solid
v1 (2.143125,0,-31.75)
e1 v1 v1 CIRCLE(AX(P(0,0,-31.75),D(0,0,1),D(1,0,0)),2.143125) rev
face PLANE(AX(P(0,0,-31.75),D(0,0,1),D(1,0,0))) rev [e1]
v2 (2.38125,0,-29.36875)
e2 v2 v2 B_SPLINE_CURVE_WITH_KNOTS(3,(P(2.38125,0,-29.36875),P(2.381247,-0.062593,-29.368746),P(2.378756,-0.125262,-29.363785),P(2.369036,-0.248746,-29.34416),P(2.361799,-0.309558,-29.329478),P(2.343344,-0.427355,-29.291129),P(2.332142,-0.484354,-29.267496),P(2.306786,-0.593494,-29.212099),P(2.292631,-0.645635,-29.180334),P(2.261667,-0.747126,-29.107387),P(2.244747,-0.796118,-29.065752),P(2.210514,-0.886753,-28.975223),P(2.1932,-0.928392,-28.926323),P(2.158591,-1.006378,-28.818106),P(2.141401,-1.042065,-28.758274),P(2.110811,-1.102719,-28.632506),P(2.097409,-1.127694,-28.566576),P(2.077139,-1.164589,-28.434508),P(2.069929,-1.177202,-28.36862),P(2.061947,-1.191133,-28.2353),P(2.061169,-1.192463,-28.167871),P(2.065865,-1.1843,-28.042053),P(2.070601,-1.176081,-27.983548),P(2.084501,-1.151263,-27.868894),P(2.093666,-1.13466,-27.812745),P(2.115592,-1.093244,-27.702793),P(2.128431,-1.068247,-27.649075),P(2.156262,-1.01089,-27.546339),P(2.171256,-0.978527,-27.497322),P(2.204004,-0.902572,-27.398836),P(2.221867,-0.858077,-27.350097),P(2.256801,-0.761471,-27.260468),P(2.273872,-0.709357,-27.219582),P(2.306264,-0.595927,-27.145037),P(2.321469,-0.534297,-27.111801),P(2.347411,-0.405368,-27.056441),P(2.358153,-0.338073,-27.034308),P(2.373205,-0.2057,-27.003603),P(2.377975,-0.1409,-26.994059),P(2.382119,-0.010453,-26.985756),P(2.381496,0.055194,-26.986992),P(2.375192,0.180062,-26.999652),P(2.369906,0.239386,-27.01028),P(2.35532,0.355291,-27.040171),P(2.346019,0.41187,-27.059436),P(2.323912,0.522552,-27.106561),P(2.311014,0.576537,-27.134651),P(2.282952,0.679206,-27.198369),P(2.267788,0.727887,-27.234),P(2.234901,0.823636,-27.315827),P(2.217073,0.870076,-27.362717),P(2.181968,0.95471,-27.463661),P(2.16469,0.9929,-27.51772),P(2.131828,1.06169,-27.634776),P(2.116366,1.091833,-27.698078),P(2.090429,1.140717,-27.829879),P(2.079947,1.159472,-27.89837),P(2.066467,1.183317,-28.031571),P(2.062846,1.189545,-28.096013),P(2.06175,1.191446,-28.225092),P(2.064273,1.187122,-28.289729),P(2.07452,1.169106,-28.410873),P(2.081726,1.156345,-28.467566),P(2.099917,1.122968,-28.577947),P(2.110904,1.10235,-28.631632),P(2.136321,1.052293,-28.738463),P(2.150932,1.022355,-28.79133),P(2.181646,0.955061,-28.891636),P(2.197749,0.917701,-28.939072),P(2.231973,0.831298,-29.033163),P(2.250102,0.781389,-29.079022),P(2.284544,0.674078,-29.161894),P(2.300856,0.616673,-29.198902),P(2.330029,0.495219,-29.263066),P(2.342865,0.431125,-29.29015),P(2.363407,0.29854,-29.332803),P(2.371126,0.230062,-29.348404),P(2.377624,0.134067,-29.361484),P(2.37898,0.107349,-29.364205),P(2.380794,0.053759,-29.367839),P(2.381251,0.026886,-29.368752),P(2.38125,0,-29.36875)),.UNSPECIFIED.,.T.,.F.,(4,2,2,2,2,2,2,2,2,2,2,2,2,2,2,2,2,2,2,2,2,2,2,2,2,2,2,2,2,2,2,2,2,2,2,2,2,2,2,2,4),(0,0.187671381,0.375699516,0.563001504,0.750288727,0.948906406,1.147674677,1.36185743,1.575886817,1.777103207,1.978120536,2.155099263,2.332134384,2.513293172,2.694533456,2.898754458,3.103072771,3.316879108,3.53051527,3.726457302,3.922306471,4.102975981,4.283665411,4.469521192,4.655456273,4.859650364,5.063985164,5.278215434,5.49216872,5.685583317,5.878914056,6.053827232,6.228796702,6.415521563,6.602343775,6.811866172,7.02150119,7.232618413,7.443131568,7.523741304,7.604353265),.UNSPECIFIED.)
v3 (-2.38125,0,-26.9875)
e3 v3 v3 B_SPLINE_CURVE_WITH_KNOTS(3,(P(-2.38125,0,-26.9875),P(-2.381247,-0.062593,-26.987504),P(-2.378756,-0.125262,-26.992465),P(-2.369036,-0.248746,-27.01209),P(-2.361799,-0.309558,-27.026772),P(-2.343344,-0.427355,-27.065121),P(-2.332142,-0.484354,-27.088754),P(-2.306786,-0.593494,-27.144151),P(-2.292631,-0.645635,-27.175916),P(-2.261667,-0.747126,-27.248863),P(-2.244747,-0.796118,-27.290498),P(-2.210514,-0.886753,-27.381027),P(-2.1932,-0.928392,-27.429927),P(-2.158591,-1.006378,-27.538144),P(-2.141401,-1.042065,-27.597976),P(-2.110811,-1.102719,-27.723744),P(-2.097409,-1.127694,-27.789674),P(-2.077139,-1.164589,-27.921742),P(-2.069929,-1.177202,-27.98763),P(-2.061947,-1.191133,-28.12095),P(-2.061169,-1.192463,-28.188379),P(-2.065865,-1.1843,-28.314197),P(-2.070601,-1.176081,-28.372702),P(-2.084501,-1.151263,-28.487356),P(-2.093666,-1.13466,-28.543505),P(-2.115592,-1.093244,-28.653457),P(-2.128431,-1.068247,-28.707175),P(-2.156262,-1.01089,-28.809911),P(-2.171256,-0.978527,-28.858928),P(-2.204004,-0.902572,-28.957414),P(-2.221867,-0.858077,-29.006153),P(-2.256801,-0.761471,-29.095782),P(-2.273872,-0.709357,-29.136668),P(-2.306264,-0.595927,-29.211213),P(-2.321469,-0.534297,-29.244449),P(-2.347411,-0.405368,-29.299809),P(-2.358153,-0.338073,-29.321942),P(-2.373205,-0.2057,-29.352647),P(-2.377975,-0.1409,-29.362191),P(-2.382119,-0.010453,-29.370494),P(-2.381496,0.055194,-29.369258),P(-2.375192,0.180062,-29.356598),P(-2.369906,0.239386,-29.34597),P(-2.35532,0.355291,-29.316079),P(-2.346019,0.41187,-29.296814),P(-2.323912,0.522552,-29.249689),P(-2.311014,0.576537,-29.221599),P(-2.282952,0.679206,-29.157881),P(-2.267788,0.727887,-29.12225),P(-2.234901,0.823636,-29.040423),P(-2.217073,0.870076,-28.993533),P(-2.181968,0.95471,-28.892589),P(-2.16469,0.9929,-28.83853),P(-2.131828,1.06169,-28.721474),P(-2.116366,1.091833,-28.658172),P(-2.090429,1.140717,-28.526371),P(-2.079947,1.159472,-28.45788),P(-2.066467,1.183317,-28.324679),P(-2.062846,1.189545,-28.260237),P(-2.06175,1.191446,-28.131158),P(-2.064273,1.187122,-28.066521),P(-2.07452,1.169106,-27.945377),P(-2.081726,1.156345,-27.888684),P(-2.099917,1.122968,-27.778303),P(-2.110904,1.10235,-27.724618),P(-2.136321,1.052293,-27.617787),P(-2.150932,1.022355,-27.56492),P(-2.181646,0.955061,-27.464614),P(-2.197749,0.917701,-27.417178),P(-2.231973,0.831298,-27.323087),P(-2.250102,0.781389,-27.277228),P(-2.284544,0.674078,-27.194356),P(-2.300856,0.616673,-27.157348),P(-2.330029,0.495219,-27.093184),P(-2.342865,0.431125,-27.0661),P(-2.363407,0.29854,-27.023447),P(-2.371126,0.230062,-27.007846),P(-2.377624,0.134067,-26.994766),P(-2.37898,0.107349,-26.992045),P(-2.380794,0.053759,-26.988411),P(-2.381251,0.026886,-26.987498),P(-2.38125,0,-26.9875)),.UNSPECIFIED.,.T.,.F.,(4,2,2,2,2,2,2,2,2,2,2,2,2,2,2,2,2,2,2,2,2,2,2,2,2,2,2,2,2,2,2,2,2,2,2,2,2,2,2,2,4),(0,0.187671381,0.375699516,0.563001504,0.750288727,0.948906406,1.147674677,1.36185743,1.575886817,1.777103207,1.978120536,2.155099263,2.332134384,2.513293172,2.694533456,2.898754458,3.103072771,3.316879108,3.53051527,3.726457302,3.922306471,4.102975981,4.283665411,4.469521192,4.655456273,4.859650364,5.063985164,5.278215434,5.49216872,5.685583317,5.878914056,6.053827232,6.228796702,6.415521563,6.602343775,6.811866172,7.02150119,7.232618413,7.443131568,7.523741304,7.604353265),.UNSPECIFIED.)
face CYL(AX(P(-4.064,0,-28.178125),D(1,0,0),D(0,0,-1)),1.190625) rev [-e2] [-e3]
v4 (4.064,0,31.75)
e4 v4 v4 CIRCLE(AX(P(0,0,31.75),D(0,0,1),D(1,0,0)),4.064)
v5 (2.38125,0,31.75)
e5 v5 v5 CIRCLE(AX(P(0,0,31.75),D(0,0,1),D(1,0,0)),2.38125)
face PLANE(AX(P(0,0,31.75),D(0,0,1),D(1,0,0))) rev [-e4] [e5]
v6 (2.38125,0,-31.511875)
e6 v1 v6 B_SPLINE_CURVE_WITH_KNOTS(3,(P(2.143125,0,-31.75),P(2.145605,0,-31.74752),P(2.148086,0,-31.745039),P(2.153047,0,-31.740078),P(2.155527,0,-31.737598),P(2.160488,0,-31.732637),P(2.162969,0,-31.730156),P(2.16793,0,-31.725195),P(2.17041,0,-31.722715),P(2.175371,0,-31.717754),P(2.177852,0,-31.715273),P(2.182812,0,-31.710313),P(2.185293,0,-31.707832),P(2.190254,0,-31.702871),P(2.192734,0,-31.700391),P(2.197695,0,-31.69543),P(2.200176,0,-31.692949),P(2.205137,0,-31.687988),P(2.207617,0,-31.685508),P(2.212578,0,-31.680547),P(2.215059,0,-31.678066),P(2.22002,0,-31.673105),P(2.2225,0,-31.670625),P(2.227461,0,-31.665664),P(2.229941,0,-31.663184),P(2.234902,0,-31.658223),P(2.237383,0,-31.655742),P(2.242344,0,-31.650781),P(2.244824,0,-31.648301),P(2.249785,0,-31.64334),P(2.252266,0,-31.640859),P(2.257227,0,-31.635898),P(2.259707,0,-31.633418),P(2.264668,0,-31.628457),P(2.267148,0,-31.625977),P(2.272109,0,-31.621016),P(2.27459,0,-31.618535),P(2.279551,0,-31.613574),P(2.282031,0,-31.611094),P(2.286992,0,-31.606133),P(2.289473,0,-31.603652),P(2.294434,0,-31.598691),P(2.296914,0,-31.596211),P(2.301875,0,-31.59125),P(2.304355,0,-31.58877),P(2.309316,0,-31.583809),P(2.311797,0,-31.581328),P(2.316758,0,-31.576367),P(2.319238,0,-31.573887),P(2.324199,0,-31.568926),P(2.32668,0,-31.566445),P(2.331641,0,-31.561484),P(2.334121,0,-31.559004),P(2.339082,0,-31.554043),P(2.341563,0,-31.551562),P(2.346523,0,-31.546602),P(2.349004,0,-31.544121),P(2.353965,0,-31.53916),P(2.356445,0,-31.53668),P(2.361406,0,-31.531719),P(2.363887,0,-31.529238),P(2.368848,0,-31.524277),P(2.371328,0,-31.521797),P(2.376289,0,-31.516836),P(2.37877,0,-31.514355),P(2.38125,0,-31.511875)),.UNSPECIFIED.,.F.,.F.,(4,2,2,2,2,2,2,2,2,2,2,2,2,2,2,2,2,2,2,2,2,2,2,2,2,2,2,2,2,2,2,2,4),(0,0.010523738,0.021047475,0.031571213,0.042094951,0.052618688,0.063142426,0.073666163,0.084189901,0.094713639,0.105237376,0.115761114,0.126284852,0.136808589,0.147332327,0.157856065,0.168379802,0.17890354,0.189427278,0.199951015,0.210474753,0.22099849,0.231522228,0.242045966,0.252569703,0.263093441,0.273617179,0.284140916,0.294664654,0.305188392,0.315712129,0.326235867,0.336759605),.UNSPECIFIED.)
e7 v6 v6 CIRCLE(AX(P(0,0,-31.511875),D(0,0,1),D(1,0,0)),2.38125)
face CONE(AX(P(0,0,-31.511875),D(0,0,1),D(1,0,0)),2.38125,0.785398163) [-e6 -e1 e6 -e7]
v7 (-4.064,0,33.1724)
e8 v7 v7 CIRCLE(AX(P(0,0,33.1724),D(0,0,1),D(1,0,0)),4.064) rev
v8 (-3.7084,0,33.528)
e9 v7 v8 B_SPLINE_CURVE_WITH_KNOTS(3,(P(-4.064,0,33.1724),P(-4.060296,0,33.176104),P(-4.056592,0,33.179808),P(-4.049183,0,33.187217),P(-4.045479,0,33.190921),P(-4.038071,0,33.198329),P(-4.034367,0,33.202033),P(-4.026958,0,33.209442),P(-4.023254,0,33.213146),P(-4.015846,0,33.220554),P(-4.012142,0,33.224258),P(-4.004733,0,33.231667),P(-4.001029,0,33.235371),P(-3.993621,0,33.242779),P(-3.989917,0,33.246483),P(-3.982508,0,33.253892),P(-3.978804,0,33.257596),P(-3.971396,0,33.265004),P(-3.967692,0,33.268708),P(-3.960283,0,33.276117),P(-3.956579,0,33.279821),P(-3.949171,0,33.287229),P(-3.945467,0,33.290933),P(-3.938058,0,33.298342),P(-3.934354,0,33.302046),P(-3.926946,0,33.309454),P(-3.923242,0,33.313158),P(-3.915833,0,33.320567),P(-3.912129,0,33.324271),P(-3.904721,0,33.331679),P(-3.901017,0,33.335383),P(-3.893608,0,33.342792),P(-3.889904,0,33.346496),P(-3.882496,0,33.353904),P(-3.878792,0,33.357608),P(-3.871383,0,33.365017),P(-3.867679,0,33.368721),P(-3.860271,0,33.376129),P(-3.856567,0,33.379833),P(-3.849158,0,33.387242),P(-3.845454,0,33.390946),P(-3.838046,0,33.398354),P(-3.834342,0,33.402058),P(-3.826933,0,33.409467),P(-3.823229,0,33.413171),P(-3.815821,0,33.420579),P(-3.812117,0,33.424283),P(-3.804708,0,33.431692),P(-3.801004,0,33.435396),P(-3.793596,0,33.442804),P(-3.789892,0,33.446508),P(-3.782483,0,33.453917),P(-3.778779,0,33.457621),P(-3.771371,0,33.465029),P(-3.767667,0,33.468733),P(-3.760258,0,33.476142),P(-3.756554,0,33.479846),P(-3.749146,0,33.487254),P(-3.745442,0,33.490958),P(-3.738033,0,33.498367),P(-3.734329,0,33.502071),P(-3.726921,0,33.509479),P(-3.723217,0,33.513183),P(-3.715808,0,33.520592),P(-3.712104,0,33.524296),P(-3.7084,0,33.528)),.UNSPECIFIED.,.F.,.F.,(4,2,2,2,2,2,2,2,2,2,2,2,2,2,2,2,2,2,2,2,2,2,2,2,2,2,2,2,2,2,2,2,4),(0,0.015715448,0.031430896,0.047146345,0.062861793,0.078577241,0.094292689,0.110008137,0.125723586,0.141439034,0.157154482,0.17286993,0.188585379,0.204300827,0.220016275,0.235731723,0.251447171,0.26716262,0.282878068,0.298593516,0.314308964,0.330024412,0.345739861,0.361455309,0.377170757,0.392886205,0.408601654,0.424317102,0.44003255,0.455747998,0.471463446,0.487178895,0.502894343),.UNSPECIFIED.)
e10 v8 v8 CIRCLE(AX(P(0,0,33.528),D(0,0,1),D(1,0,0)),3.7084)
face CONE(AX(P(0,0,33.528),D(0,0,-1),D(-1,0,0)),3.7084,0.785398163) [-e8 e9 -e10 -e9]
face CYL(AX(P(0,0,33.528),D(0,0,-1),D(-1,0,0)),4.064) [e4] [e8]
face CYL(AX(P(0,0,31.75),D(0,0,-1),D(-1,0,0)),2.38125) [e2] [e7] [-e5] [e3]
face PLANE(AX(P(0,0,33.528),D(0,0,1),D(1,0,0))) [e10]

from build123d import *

# Parameters (mm, degrees)
SKETCH1_R           = 2.38125
EXTRUDE1_DEPTH      = 31.75
SKETCH2_R           = 4.064
EXTRUDE2_DEPTH      = 1.778
CHAMFER1_SIZE       = 0.3556
EXTRUDE3_DEPTH      = 35.017039495
EXTRUDE3_DEPTH_BACK = 35.017039495
SKETCH3_R           = 1.190625
CHAMFER2_SIZE       = 0.238125


with BuildPart() as part:
    # Sketch1 → Extrude1 (new, symmetric)
    with BuildSketch(Plane.XY):
        Circle(SKETCH1_R)
    extrude(amount=EXTRUDE1_DEPTH, both=True)

    # Sketch2 → Extrude2 (add)
    with BuildSketch(Plane.XY.offset(31.75)):
        Circle(SKETCH2_R)
    extrude(amount=EXTRUDE2_DEPTH)

    # Chamfer1
    chamfer1_edges = [part.edges().sort_by_distance(p)[0] for p in [
        (-4.064, 0, 33.528),
    ]]
    chamfer(chamfer1_edges, length=CHAMFER1_SIZE)

    # Sketch3 → Extrude3 (cut, two sides: drawn at the far end of the back side and taken through both)
    with BuildSketch(Plane(origin=(0, 0, 0), x_dir=(0, 0, -1), z_dir=(1, 0, 0)).offset(-EXTRUDE3_DEPTH_BACK)):
        with Locations(Location((28.178125, 0, 0), (0, 0, 179.999999999))):
            Circle(SKETCH3_R)
    extrude(amount=EXTRUDE3_DEPTH + EXTRUDE3_DEPTH_BACK, mode=Mode.SUBTRACT)

    # Chamfer2
    chamfer2_edges = [part.edges().sort_by_distance(p)[0] for p in [
        (-2.38125, 0, -31.75),
    ]]
    chamfer(chamfer2_edges, length=CHAMFER2_SIZE)


solid = part.part
